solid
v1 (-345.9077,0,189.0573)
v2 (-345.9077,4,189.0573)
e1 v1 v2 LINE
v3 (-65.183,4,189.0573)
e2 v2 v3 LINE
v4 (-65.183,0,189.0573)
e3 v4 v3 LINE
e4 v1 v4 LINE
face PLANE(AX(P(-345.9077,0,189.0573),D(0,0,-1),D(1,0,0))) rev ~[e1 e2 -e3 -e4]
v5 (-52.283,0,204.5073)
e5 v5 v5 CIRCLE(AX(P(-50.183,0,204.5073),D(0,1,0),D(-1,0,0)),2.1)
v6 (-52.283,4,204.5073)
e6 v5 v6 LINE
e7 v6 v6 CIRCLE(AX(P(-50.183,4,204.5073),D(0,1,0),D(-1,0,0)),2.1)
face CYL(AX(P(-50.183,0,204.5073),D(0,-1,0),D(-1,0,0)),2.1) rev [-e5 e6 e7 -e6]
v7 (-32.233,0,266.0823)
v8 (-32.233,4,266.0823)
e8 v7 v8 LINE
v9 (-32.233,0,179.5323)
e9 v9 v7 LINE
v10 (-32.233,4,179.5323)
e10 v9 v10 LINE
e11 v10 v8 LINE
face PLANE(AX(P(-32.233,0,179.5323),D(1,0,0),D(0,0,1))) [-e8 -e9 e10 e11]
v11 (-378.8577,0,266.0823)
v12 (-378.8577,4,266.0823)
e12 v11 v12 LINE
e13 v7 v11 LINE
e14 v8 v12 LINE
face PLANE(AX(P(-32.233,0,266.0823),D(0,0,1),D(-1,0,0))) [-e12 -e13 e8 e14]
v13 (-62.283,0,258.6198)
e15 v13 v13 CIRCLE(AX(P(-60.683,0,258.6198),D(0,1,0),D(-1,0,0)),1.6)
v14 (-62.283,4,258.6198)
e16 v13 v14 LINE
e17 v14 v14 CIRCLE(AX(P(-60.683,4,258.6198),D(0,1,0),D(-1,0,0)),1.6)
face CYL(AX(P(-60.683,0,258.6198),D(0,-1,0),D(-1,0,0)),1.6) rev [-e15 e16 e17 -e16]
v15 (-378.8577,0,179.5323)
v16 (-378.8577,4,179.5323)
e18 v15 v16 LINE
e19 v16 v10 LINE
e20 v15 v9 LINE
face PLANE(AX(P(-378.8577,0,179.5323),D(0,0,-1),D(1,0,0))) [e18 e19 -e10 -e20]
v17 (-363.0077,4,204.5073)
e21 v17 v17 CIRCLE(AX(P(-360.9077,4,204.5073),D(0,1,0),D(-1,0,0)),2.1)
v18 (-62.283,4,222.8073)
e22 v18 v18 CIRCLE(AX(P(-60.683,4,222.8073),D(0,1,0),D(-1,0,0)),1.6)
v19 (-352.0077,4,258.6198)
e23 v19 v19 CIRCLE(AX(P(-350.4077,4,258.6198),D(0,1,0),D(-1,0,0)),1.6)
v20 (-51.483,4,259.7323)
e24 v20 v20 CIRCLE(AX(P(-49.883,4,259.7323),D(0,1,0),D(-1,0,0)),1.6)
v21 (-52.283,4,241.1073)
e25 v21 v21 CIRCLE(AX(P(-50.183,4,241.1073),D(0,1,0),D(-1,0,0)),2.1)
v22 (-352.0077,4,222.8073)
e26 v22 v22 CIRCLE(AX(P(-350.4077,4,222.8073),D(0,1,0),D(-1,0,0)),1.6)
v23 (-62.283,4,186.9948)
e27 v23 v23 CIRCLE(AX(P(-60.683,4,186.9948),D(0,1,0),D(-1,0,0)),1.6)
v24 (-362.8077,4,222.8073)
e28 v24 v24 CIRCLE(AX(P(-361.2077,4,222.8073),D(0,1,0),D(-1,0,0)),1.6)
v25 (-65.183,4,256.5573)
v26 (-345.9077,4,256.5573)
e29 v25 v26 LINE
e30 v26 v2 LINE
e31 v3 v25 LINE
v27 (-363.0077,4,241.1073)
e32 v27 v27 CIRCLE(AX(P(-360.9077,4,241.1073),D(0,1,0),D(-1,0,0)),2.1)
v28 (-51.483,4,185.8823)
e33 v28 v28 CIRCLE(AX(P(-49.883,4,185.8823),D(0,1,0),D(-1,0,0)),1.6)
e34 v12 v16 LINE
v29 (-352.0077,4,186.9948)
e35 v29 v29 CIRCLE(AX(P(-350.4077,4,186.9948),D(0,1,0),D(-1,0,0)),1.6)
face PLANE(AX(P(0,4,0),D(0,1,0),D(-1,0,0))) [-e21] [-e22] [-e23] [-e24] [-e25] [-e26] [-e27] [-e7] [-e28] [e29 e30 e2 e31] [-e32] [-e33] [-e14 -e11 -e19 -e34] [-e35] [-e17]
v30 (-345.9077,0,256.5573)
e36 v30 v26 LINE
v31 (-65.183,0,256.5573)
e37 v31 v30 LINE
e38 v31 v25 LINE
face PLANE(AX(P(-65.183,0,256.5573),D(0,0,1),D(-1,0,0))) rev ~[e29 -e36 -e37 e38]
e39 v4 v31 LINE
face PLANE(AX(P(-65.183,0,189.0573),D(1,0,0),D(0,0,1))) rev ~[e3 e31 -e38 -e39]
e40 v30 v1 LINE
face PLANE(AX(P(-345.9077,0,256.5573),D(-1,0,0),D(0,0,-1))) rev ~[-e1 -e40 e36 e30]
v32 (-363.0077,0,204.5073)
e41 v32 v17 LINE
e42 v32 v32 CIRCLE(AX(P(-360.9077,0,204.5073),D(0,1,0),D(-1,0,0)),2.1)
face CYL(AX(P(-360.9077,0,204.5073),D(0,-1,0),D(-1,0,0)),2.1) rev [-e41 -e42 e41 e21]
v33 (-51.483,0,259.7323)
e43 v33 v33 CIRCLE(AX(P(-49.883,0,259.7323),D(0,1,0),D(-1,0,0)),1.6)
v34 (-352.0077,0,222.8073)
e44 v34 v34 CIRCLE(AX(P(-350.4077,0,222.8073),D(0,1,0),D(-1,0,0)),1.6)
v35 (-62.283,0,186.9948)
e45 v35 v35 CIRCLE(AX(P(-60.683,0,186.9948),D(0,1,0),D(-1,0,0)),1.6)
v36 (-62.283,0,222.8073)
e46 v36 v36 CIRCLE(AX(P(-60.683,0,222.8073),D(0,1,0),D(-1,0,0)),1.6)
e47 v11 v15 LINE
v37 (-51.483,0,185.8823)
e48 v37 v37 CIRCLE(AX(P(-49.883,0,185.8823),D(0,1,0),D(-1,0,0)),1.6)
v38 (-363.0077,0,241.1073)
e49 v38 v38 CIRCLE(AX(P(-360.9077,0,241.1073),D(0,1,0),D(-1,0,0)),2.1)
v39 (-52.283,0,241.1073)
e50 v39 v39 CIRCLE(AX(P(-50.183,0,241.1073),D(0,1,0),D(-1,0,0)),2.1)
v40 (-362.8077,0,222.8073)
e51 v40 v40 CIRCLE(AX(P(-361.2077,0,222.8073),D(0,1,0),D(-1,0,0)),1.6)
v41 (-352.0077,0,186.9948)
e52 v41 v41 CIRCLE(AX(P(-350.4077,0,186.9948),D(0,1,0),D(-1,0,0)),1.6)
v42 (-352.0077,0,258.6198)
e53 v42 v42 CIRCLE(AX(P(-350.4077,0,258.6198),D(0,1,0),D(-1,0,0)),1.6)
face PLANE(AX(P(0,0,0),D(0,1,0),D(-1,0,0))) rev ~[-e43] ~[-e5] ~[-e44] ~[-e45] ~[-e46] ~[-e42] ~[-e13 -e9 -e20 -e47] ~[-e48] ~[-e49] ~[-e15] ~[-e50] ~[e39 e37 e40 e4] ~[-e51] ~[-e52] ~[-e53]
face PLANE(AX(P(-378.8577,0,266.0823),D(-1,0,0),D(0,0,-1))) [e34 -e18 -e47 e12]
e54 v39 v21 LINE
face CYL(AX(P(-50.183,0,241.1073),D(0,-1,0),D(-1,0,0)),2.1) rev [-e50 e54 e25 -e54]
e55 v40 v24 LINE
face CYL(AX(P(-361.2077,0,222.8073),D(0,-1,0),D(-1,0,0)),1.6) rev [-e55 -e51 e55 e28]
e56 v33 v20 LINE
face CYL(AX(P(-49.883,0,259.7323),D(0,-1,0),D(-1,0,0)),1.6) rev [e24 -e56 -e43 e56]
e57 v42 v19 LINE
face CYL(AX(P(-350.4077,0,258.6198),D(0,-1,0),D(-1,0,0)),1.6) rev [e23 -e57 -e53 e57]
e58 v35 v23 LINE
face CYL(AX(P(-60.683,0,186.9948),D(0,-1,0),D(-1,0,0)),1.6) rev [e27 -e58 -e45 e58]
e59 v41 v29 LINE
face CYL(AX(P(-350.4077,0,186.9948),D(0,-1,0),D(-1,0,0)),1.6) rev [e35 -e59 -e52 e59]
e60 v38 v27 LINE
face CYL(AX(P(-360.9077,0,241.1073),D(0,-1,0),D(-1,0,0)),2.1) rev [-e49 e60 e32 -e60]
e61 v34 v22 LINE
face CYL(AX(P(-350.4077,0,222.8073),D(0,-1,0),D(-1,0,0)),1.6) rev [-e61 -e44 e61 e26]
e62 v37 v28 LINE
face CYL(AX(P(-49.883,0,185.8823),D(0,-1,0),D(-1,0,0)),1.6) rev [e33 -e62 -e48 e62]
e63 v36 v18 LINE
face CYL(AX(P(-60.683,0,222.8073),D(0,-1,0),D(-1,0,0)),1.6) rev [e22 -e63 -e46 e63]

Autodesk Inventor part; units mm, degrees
ref_plane "YZ Plane" through (0, 0, 0) normal (1, 0, 0) x (0, 1, 0)
ref_plane "XZ Plane" through (0, 0, 0) normal (0, 1, 0) x (-1, 0, 0)
ref_plane "XY Plane" through (0, 0, 0) normal (0, 0, 1) x (1, 0, 0)
sketch "Sketch1" plane through (0, 0, 0) normal (0, 1, 0) x (-1, 0, 0)
  line L0 (381.1493, 61.7688) -> (30.4355, 61.7688)
  line L1 (380.945, 412.5458) -> (381.1493, 61.7688)
  line L2 (30.2312, 412.5458) -> (380.945, 412.5458)
  line L3 (30.4355, 61.7688) -> (30.4355, 412.5458)
  arc A0 (0.0979, 16.0688) -> (16.0979, 0.0688) centre (16.0979, 16.0688) ccw
  line L4 (0.1355, 16.0688) -> (-0.0688, 429.5458)
  arc A1 (15.9312, 445.5458) -> (-0.0688, 429.5458) centre (15.9312, 429.5458) ccw
  line L5 (15.9312, 445.5458) -> (395.245, 445.5458)
  arc A2 (411.245, 429.5458) -> (395.245, 445.5458) centre (395.245, 429.5458) ccw
  line L6 (411.245, 429.5458) -> (411.4493, 16.0688)
  arc A3 (395.4117, 0.0688) -> (411.4117, 16.0688) centre (395.4117, 16.0688) ccw
  line L7 (395.4117, 0.0688) -> (16.0979, 0.0688)
  arc A4 (21.3729, 6.5688) -> (25.1229, 6.5688) centre (23.2479, 6.5688) ccw
  line L8 (25.1229, 10.5688) -> (25.1229, 6.5688)
  arc A5 (25.1229, 10.5688) -> (21.3729, 10.5688) centre (23.2479, 10.5688) ccw
  line L9 (21.3729, 6.5688) -> (21.3729, 10.5688)
  arc A6 (52.3729, 6.5688) -> (56.1229, 6.5688) centre (54.2479, 6.5688) ccw
  line L10 (56.1229, 10.5688) -> (56.1229, 6.5688)
  arc A7 (56.1229, 10.5688) -> (52.3729, 10.5688) centre (54.2479, 10.5688) ccw
  line L11 (52.3729, 6.5688) -> (52.3729, 10.5688)
  arc A8 (21.3729, 37.5688) -> (25.1229, 37.5688) centre (23.2479, 37.5688) ccw
  line L12 (25.1229, 41.5688) -> (25.1229, 37.5688)
  arc A9 (25.1229, 41.5688) -> (21.3729, 41.5688) centre (23.2479, 41.5688) ccw
  line L13 (21.3729, 37.5688) -> (21.3729, 41.5688)
  arc A10 (52.3729, 37.5688) -> (56.1229, 37.5688) centre (54.2479, 37.5688) ccw
  line L14 (56.1229, 41.5688) -> (56.1229, 37.5688)
  arc A11 (56.1229, 41.5688) -> (52.3729, 41.5688) centre (54.2479, 41.5688) ccw
  line L15 (52.3729, 37.5688) -> (52.3729, 41.5688)
  arc A12 (26.7479, 22.0688) -> (50.7479, 22.0688) centre (38.7479, 22.0688) ccw
  line L16 (50.7479, 26.0688) -> (50.7479, 22.0688)
  arc A13 (50.7479, 26.0688) -> (26.7479, 26.0688) centre (38.7479, 26.0688) ccw
  line L17 (26.7479, 22.0688) -> (26.7479, 26.0688)
  arc A14 (355.4177, 6.5688) -> (359.1677, 6.5688) centre (357.2927, 6.5688) ccw
  line L18 (359.1677, 10.5688) -> (359.1677, 6.5688)
  arc A15 (359.1677, 10.5688) -> (355.4177, 10.5688) centre (357.2927, 10.5688) ccw
  line L19 (355.3867, 6.5688) -> (355.3867, 10.5688)
  arc A16 (386.3692, 6.5688) -> (390.1192, 6.5688) centre (388.2442, 6.5127) ccw
  arc A17 (386.3762, 37.5688) -> (390.1262, 37.5688) centre (388.2512, 37.5688) ccw
  line L20 (390.1262, 41.5688) -> (390.1262, 37.5688)
  arc A18 (390.1367, 41.5688) -> (386.3867, 41.5688) centre (388.2617, 41.5688) ccw
  line L21 (386.3762, 37.5688) -> (386.3762, 41.5688)
  arc A19 (355.3676, 37.5688) -> (359.1176, 37.5688) centre (357.2426, 37.5688) ccw
  line L22 (359.1176, 41.5688) -> (359.1176, 37.5688)
  arc A20 (359.1367, 41.5688) -> (355.3867, 41.5688) centre (357.2617, 41.5688) ccw
  line L23 (355.3676, 37.5688) -> (355.3676, 41.5688)
  arc A21 (360.7225, 22.0688) -> (384.7225, 22.0688) centre (372.7225, 22.0688) ccw
  line L24 (384.7225, 26.0688) -> (384.7225, 22.0688)
  arc A22 (384.7617, 26.0688) -> (360.7617, 26.0688) centre (372.7617, 26.0688) ccw
  line L25 (360.7225, 22.0688) -> (360.7225, 26.0688)
  circle A23 centre (50.1812, 420.5458) radius 2.1
  circle A24 centre (38.5812, 435.5458) radius 2.1
  circle A25 centre (372.595, 435.5458) radius 2.1
  circle A26 centre (360.995, 420.5458) radius 2.1
  circle A27 centre (25.8187, 418.0458) radius 1.6
  circle A28 centre (66.8187, 418.0458) radius 1.6
  circle A29 centre (205.5881, 418.0458) radius 1.6
  circle A30 centre (344.3575, 418.0458) radius 1.6
  circle A31 centre (385.3575, 418.0458) radius 1.6
  circle A32 centre (385.3575, 56.2688) radius 1
  circle A33 centre (344.3575, 56.2688) radius 1
  circle A34 centre (205.5881, 56.2688) radius 1
  circle A35 centre (66.8187, 56.2688) radius 1
  circle A36 centre (25.8187, 56.2688) radius 1
  arc A37 (390.1367, 10.5688) -> (386.3867, 10.5688) centre (388.2617, 10.5688) ccw
  line L26 (378.8577, 179.5323) -> (32.233, 179.5323)
  circle A38 centre (60.683, 222.8073) radius 1.6
  circle A39 centre (60.683, 258.6198) radius 1.6
  circle A40 centre (60.683, 186.9948) radius 1.6
  circle A41 centre (350.4077, 186.9948) radius 1.6
  circle A42 centre (350.4077, 222.8073) radius 1.6
  circle A43 centre (350.4077, 258.6198) radius 1.6
  circle A44 centre (49.883, 185.8823) radius 1.6
  circle A45 centre (49.883, 259.7323) radius 1.6
  circle A46 centre (361.2077, 222.8073) radius 1.6
  line L27 (378.8577, 266.0823) -> (378.8577, 179.5323)
  line L28 (345.9077, 256.5573) -> (345.9077, 189.0573)
  line L29 (65.183, 256.5573) -> (345.9077, 256.5573)
  line L30 (65.183, 189.0573) -> (65.183, 256.5573)
  line L31 (345.9077, 189.0573) -> (65.183, 189.0573)
  line L32 (32.233, 179.5323) -> (32.233, 266.0823)
  line L33 (32.233, 266.0823) -> (378.8577, 266.0823)
  circle A47 centre (50.183, 204.5073) radius 2.1
  circle A48 centre (360.9077, 204.5073) radius 2.1
  circle A49 centre (360.9077, 241.1073) radius 2.1
  circle A50 centre (50.183, 241.1073) radius 2.1
  line L34 (224.6381, 203.7573) -> (186.5381, 203.7573)
  line L35 (224.6381, 207.8163) -> (224.6381, 203.7573)
  arc A51 (226.0481, 209.3136) -> (224.6381, 207.8163) centre (226.1381, 207.8163) ccw
  arc A52 (226.0481, 209.3136) -> (226.0481, 216.301) centre (225.8381, 212.8073) ccw
  arc A53 (224.6381, 217.7983) -> (226.0481, 216.301) centre (226.1381, 217.7983) ccw
  arc A54 (226.0481, 229.3136) -> (224.6381, 227.8163) centre (226.1381, 227.8163) ccw
  arc A55 (226.0481, 229.3136) -> (226.0481, 236.301) centre (225.8381, 232.8073) ccw
  arc A56 (224.6381, 237.7983) -> (226.0481, 236.301) centre (226.1381, 237.7983) ccw
  line L36 (186.5381, 241.8573) -> (224.6381, 241.8573)
  line L37 (186.5381, 237.7983) -> (186.5381, 241.8573)
  arc A57 (185.1281, 236.301) -> (186.5381, 237.7983) centre (185.0381, 237.7983) ccw
  arc A58 (185.1281, 236.301) -> (185.1281, 229.3136) centre (185.3381, 232.8073) ccw
  arc A59 (186.5381, 227.8163) -> (185.1281, 229.3136) centre (185.0381, 227.8163) ccw
  arc A60 (185.1281, 216.301) -> (186.5381, 217.7983) centre (185.0381, 217.7983) ccw
  arc A61 (185.1281, 216.301) -> (185.1281, 209.3136) centre (185.3381, 212.8073) ccw
  arc A62 (186.5381, 207.8163) -> (185.1281, 209.3136) centre (185.0381, 207.8163) ccw
  line L38 (173.8381, 254.5573) -> (237.3381, 254.5573)
  line L39 (237.3381, 254.5573) -> (237.3381, 191.0573)
  line L40 (237.3381, 191.0573) -> (173.8381, 191.0573)
  line L41 (173.8381, 191.0573) -> (173.8381, 254.5573)
  circle A63 centre (180.1881, 196.9948) radius 0.875
  circle A64 centre (230.9881, 196.9948) radius 0.875
  circle A65 centre (230.9881, 248.6198) radius 0.875
  circle A66 centre (180.1881, 248.6198) radius 0.875
  circle A67 centre (177.8381, 232.8073) radius 0.875
  circle A68 centre (233.3381, 232.8073) radius 0.875
  circle A69 centre (233.3381, 212.8073) radius 0.875
  circle A70 centre (177.8381, 212.8073) radius 0.875
  line L42 (186.5381, 203.7573) -> (186.5381, 207.8163)
  line L43 (186.5381, 217.7983) -> (186.5381, 227.8163)
  line L44 (224.6381, 241.8573) -> (224.6381, 237.7983)
  line L45 (224.6381, 227.8163) -> (224.6381, 217.7983)
  line L46 (390.1367, 10.5688) -> (390.1367, 6.5605)
  line L47 (386.3867, 10.5688) -> (386.3867, 6.2509)
  circle A71 centre (136.8187, 56.2688) radius 1
  circle A72 centre (273.8511, 56.2688) radius 1
  circle A73 centre (274.3575, 418.0458) radius 1.6
  circle A74 centre (136.8187, 418.0458) radius 1.6
  point P0 (0, 0)
extrude "Extrusion1" add sketch "Sketch1" along normal blind 4 contours L26 L32 L33 L27
properties part number "300 mm core xy gantry"
